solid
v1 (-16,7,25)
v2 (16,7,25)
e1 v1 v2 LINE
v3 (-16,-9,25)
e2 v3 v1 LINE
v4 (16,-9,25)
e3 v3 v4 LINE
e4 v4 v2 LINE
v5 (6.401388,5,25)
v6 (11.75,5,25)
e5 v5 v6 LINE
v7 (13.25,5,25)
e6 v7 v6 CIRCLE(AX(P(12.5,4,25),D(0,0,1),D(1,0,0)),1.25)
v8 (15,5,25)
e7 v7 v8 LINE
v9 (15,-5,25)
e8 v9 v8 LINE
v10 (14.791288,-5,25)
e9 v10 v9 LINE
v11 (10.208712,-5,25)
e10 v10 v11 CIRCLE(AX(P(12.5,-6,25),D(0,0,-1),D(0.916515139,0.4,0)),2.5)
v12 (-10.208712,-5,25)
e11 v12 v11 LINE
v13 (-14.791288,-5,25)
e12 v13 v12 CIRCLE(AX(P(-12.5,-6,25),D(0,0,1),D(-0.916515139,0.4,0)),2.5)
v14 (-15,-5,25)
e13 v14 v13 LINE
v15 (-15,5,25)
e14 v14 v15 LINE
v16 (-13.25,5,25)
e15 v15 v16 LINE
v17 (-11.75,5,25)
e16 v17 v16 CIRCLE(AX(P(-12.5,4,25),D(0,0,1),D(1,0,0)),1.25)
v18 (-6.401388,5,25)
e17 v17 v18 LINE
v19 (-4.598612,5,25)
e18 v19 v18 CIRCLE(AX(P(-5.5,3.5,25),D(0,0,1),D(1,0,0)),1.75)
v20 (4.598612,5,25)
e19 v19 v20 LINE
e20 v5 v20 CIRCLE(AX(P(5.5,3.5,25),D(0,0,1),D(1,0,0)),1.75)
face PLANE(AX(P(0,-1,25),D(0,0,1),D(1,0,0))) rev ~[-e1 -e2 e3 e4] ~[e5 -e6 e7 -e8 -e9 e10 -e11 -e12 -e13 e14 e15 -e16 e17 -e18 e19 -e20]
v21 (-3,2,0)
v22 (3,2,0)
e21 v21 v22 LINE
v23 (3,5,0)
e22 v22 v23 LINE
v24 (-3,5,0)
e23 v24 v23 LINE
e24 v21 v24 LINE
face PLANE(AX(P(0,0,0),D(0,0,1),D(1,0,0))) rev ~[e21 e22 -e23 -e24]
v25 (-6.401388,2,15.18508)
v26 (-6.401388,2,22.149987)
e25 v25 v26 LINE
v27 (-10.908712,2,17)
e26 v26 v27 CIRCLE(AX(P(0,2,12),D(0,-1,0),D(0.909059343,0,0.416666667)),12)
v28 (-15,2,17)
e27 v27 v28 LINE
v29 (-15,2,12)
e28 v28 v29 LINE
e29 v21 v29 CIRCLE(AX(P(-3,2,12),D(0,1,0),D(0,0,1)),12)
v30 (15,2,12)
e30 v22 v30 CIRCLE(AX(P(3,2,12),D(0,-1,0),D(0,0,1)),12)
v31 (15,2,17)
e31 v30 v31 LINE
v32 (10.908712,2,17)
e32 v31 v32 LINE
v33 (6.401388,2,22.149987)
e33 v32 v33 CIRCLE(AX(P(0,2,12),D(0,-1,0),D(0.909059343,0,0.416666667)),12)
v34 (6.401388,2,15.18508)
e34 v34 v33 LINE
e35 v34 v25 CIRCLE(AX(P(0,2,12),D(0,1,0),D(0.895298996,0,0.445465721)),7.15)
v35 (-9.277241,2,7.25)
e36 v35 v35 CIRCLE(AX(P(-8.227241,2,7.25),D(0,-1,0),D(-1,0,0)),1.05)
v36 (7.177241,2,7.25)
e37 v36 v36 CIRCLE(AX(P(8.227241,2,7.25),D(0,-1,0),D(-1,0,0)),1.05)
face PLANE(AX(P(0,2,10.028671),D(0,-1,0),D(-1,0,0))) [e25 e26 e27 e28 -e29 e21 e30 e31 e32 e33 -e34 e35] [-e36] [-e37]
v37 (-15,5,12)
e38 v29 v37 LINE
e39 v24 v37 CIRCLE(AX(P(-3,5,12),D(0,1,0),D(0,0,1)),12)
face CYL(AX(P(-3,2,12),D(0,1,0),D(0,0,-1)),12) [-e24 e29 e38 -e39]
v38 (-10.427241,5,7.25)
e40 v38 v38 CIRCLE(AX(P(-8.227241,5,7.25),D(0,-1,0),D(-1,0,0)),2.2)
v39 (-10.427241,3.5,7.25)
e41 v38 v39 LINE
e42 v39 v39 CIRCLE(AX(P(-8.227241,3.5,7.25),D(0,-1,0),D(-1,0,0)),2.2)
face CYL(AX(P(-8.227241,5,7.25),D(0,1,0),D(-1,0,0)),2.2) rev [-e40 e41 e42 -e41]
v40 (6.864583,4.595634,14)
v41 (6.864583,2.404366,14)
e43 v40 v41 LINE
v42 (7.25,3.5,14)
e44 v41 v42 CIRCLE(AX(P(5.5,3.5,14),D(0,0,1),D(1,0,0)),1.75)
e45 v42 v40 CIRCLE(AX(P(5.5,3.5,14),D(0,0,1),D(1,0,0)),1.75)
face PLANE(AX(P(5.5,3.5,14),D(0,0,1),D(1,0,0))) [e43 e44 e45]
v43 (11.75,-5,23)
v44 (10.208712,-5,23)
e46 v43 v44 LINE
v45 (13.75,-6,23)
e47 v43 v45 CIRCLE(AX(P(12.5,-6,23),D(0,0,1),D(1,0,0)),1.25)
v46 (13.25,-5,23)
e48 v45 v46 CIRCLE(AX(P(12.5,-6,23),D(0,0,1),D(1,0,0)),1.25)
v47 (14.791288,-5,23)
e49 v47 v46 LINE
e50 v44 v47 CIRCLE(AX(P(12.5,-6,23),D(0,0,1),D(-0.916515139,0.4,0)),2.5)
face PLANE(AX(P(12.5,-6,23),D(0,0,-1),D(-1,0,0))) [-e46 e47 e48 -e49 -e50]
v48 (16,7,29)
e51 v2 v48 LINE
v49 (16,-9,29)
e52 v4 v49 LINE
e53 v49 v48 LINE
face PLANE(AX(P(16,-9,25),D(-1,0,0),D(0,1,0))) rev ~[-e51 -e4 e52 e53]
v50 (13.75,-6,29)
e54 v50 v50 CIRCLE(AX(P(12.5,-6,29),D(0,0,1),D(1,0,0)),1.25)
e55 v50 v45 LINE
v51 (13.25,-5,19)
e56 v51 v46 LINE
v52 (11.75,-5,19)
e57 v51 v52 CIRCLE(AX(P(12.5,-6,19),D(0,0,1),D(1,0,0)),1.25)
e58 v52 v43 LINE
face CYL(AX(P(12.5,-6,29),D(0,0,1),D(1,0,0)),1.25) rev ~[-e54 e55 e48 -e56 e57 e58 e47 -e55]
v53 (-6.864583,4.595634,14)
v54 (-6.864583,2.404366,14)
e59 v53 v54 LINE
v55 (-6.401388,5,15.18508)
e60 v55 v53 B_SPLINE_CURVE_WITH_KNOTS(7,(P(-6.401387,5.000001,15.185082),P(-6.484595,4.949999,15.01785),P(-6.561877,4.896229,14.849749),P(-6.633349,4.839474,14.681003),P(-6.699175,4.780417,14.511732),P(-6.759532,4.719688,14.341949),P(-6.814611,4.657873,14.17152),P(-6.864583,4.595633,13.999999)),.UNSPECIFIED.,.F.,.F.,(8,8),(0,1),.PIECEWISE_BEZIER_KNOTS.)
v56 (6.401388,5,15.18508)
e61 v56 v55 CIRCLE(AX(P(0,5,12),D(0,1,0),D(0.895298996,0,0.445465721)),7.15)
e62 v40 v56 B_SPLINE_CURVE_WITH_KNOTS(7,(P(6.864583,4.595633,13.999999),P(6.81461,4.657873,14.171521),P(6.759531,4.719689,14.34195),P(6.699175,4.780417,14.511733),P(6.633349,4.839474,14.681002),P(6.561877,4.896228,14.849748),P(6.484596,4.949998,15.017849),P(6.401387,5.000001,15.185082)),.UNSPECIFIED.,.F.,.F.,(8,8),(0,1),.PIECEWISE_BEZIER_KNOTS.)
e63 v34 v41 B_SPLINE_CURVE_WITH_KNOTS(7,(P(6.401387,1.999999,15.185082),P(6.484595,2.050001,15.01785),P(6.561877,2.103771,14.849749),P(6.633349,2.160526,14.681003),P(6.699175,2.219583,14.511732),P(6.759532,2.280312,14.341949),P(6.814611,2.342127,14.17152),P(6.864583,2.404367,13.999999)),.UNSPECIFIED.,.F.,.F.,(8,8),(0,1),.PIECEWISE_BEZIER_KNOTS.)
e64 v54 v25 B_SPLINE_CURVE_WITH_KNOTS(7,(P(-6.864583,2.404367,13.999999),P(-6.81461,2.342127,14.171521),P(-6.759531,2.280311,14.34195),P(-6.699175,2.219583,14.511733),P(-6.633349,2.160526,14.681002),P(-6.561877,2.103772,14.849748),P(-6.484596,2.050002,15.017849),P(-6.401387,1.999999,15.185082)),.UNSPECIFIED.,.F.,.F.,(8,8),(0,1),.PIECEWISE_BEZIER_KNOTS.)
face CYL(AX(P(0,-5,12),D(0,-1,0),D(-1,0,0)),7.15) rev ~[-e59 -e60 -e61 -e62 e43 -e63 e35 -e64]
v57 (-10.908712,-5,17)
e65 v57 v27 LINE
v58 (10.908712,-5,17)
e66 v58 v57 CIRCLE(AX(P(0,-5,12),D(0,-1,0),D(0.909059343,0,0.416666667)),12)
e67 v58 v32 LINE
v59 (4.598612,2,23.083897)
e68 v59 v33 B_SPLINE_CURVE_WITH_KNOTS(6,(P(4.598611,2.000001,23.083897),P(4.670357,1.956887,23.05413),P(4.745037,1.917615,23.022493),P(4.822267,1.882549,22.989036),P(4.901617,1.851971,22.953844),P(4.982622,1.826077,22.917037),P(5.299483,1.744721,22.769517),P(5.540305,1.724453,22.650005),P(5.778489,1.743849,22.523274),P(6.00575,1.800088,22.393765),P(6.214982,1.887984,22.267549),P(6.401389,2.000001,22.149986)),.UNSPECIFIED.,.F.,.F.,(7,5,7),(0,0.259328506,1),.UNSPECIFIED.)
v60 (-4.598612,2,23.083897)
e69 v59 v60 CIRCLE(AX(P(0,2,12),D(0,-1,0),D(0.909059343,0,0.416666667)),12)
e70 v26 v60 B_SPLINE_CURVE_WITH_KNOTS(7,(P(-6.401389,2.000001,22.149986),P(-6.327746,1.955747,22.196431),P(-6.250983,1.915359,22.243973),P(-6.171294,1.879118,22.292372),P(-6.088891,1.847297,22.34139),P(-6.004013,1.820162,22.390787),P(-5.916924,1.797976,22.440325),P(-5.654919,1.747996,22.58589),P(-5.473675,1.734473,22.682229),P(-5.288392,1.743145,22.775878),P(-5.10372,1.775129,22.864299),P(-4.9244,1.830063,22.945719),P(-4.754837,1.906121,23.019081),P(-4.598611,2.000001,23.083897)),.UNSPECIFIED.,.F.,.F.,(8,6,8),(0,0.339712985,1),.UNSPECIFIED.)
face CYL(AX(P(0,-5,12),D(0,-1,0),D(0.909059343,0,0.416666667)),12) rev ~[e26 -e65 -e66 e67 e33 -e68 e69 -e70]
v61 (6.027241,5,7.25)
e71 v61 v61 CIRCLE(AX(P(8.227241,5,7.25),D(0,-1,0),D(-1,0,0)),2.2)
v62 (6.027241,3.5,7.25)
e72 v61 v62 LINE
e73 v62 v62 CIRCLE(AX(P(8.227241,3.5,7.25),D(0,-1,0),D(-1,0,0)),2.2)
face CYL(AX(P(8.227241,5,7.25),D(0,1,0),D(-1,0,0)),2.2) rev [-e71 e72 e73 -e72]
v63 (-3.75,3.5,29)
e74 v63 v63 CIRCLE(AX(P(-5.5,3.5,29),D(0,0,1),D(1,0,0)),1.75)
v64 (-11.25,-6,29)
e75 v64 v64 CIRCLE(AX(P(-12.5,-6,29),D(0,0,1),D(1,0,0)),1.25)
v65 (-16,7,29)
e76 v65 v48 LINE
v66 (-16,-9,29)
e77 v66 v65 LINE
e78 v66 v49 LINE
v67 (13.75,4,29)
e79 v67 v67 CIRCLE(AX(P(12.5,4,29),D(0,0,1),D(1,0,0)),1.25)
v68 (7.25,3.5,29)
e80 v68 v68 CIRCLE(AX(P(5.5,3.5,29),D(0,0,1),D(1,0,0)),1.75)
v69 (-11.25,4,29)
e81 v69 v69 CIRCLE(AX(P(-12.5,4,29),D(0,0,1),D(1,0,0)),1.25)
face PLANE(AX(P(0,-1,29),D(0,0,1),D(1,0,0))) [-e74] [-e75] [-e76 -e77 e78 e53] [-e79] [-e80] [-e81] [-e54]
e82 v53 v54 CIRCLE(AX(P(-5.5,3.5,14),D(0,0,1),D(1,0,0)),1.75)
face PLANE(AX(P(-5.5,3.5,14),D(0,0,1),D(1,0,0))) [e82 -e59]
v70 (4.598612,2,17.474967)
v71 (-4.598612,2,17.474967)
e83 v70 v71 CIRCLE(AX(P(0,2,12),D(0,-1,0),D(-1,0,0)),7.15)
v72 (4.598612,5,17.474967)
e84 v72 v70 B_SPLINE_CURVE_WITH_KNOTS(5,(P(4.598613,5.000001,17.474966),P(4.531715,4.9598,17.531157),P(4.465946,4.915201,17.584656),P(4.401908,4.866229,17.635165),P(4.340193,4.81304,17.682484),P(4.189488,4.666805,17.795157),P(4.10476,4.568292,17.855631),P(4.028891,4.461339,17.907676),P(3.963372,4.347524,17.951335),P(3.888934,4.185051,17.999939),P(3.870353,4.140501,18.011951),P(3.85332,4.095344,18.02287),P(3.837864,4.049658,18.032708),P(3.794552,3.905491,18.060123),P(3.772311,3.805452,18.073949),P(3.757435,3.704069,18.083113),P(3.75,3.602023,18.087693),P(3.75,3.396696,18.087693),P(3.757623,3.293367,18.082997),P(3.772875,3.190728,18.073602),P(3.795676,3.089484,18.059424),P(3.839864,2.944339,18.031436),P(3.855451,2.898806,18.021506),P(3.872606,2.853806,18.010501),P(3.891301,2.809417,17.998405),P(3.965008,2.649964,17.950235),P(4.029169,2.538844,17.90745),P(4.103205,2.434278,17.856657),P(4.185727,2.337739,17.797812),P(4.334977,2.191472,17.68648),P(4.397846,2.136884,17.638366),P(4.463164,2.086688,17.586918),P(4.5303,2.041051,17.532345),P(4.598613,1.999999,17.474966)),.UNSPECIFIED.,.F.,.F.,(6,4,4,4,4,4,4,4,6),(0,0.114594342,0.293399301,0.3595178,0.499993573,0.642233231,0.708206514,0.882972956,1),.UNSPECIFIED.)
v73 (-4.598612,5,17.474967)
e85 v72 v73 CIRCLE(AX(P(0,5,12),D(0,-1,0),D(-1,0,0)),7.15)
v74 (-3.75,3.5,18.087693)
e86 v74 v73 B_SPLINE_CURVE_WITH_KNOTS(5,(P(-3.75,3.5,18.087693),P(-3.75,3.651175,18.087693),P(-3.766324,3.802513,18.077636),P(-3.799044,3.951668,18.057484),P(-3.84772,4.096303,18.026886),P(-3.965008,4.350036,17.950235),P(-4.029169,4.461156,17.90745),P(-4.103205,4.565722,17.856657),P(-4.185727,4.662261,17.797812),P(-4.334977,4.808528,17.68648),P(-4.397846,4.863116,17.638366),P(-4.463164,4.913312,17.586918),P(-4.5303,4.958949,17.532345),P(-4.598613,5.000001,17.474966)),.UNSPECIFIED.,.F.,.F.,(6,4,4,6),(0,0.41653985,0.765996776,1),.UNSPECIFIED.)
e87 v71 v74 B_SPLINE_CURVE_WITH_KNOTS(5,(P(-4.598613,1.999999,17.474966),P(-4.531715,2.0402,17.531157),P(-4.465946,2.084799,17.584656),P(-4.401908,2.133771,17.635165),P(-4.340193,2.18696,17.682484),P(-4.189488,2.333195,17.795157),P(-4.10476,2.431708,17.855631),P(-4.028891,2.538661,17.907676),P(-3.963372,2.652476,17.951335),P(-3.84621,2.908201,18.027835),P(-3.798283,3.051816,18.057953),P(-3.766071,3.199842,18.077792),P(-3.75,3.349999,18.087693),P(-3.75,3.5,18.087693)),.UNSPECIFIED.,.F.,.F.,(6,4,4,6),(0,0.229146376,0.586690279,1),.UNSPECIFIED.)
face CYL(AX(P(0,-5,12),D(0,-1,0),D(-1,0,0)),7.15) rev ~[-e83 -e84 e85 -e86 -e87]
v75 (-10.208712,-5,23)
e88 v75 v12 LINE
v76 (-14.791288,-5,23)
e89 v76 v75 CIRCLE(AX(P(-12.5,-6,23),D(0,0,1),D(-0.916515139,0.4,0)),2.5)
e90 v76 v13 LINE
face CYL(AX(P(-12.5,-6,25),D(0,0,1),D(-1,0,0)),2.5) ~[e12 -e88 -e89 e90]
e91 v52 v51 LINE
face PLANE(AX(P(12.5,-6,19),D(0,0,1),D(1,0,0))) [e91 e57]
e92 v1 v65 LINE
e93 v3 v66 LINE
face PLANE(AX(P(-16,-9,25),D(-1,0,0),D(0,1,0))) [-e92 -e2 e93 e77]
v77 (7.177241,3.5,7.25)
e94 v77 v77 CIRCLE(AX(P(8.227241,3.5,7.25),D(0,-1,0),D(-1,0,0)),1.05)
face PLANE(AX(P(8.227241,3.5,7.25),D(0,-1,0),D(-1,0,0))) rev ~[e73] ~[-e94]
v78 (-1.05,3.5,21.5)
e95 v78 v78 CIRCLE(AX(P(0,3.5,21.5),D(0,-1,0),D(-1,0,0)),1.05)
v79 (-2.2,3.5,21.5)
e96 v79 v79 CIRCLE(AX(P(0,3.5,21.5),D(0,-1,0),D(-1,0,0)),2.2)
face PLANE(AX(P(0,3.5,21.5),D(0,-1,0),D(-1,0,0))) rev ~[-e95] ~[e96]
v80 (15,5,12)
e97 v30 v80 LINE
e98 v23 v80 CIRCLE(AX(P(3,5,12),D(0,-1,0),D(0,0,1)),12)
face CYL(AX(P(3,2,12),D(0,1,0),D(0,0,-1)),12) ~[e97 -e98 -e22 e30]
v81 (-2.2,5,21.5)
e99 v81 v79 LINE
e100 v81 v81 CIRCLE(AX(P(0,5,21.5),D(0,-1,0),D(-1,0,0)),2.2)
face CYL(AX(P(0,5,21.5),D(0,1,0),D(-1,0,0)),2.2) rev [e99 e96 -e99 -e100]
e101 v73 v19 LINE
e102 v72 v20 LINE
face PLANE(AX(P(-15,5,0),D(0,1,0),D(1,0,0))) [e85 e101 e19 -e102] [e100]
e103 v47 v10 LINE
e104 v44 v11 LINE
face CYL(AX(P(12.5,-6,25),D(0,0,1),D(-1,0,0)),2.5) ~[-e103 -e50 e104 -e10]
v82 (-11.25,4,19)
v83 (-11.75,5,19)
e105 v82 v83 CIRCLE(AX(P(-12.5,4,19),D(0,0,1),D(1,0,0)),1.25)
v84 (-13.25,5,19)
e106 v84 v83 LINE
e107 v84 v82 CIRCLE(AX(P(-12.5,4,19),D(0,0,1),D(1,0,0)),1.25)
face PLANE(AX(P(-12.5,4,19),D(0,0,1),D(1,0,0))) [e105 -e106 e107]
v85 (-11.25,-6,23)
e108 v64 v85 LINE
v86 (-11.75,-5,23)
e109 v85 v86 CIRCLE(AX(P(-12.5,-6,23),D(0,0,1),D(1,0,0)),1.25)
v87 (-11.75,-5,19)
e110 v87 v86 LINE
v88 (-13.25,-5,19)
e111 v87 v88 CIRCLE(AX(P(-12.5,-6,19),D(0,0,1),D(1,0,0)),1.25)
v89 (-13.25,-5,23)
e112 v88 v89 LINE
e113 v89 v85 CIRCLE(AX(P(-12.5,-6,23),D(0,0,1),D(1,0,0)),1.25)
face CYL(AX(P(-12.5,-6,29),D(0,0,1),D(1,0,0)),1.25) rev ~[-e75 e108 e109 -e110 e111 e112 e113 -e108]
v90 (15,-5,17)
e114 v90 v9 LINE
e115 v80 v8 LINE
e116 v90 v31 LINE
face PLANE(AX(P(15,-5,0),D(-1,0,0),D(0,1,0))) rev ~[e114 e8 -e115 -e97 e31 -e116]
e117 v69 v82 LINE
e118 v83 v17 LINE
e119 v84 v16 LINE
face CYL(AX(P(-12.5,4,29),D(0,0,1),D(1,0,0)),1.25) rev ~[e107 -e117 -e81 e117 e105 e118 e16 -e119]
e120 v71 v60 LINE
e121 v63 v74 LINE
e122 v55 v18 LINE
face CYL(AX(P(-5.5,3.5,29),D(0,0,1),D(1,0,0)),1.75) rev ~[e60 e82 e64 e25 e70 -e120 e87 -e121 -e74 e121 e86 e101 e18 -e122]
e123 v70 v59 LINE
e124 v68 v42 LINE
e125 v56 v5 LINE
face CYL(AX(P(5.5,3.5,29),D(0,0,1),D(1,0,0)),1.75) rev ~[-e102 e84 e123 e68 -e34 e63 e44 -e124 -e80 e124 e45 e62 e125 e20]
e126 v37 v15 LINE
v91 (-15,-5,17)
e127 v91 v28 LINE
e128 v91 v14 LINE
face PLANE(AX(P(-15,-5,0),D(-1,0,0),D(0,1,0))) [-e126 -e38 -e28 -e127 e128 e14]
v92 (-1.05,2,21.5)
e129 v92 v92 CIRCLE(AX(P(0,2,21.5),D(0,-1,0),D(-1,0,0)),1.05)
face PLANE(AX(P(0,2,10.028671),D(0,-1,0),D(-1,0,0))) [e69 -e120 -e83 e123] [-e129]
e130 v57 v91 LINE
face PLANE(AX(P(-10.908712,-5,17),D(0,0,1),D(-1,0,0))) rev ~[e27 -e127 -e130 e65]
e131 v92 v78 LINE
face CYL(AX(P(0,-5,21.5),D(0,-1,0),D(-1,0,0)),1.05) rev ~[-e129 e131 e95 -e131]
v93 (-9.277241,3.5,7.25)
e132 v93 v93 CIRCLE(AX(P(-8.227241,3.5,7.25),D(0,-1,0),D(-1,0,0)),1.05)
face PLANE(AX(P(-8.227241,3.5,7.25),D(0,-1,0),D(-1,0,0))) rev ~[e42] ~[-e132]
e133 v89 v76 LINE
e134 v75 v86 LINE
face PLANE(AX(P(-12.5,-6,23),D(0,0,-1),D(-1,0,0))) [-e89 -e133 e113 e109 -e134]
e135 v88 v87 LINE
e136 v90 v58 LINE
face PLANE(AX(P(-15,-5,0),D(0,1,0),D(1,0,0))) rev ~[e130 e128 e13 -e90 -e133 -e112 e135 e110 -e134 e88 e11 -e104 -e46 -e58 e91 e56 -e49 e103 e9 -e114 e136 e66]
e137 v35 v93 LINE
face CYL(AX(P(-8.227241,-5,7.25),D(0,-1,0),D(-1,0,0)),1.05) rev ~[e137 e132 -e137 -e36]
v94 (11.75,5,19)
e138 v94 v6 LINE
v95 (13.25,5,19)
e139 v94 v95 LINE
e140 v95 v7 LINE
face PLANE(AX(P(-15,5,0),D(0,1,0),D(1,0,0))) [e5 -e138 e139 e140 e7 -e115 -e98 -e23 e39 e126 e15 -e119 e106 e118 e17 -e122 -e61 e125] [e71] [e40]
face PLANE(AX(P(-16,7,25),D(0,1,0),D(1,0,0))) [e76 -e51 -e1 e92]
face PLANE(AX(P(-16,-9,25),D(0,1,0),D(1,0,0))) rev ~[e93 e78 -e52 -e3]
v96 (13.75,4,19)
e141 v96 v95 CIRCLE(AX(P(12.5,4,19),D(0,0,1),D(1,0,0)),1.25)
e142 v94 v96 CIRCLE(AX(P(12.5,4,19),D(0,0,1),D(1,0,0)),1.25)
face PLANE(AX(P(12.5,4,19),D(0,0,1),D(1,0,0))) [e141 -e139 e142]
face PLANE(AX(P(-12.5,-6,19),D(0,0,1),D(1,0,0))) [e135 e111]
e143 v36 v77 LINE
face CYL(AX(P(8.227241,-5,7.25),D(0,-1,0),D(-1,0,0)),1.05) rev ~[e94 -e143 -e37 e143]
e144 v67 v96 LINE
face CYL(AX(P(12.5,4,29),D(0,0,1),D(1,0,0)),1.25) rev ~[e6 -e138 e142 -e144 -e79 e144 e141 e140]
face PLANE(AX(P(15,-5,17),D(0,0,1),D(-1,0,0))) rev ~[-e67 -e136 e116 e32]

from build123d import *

# Parameters (mm, degrees)
SKETCH1_W                = 30
SKETCH1_H                = 10
MAIN_DEPTH               = 25
SKETCH5_R                = 1.05
SKETCH5_R_2              = 7.15
MAINANDFIXHOLE_DEPTH     = 11
SKETCH6_R                = 2.2
CODERFIXHOLE2_DEPTH      = 1.5
CODERHOLE2_DEPTH         = 7
SKETCH10_W               = 32
SKETCH10_H               = 16
LINK_DEPTH               = 4
SKETCH8_R                = 1.25
VERTICALHOLES_DEPTH      = 10
HOLELPATTERN1_COUNT      = 2
HOLELPATTERN1_PITCH      = 25
HOLELPATTERN1_COUNT_DIR2 = 2
HOLELPATTERN1_PITCH_DIR2 = 10
SKETCH13_R               = 2.5
LINKREINFORCEMENT_DEPTH  = 2
FILLET6_R                = 12
SKETCH14_R               = 1.25
FIXHOLE_DEPTH            = 10
SKETCH16_R               = 1.75
HEXAKEYACCESSHOLE_DEPTH  = 15


with BuildPart() as part:
    # Sketch1 → Main (new body)
    with BuildSketch(Plane.XY):
        Rectangle(SKETCH1_W, SKETCH1_H)
    extrude(amount=MAIN_DEPTH)

    # Sketch5 → MainAndFixHole (cut, through all)
    with BuildSketch(Plane(origin=(0, -5, 0), x_dir=(-1, 0, 0), z_dir=(0, -1, 0))):
        with Locations((0, -21.5)):
            Circle(SKETCH5_R)
        with Locations((-8.227241336, -7.25)):
            Circle(SKETCH5_R)
        with Locations((8.227241336, -7.25)):
            Circle(SKETCH5_R)
        with Locations((0, -12)):
            Circle(SKETCH5_R_2)
    extrude(amount=-MAINANDFIXHOLE_DEPTH, mode=Mode.SUBTRACT)

    # Sketch6 → CoderFixHole2 (cut)
    with BuildSketch(Plane(origin=(0, 5, 0), x_dir=(-1, 0, 0), z_dir=(0, -1, 0))):
        with Locations((0, -21.5)):
            Circle(SKETCH6_R)
        with Locations((-8.227241336, -7.25)):
            Circle(SKETCH6_R)
        with Locations((8.227241336, -7.25)):
            Circle(SKETCH6_R)
    extrude(amount=CODERFIXHOLE2_DEPTH, mode=Mode.SUBTRACT)

    # Sketch11 → CoderHole2 (cut)
    with BuildSketch(Plane(origin=(0, -5, 0), x_dir=(1, 0, 0), z_dir=(0, 1, 0))):
        with BuildLine():
            Line((-15, 0), (15, 0))
            Line((15, 0), (15, -17))
            Line((15, -17), (10.908712115, -17))
            ThreePointArc((10.908712115, -17), (0, -24), (-10.908712115, -17))
            Line((-10.908712115, -17), (-15, -17))
            Line((-15, -17), (-15, 0))
        make_face()
    extrude(amount=CODERHOLE2_DEPTH, mode=Mode.SUBTRACT)

    # Sketch10 → Link (add)
    with BuildSketch(Plane.XY.offset(25)):
        with Locations((0, -1)):
            Rectangle(SKETCH10_W, SKETCH10_H)
    extrude(amount=LINK_DEPTH)

    # Sketch8 → VerticalHoles (cut)
    with BuildSketch(Plane.XY.offset(29)):
        with Locations((12.5, 4)):
            Circle(SKETCH8_R)
    verticalholes = extrude(amount=-VERTICALHOLES_DEPTH, mode=Mode.SUBTRACT)

    # HoleLPattern1: VerticalHoles 2 × 2
    with Locations(*[(-i * HOLELPATTERN1_PITCH, -j * HOLELPATTERN1_PITCH_DIR2, 0) for i in range(HOLELPATTERN1_COUNT) for j in range(HOLELPATTERN1_COUNT_DIR2) if (i, j) != (0, 0)]):
        add(verticalholes, mode=Mode.SUBTRACT)

    # Sketch13 → LinkReinforcement (add)
    with BuildSketch(Plane(origin=(0, 0, 25), x_dir=(-1, 0, 0), z_dir=(0, 0, -1))):
        with Locations((-12.5, -6)):
            Circle(SKETCH13_R)
        with Locations((12.5, -6)):
            Circle(SKETCH13_R)
    extrude(amount=LINKREINFORCEMENT_DEPTH)

    # Fillet6
    fillet6_edges = [part.edges().sort_by_distance(p)[0] for p in [
        (-15, 3.5, 0),
        (15, 3.5, 0),
    ]]
    fillet(fillet6_edges, radius=FILLET6_R)

    # Sketch14 → FixHole (cut)
    with BuildSketch(Plane.XY.offset(29)):
        with Locations((-12.5, -6)):
            Circle(SKETCH14_R)
        with Locations((12.5, -6)):
            Circle(SKETCH14_R)
    extrude(amount=-FIXHOLE_DEPTH, mode=Mode.SUBTRACT)

    # Sketch16 → HexaKeyAccessHole (cut)
    with BuildSketch(Plane.XY.offset(29)):
        with Locations((-5.5, 3.5)):
            Circle(SKETCH16_R)
        with Locations((5.5, 3.5)):
            Circle(SKETCH16_R)
    extrude(amount=-HEXAKEYACCESSHOLE_DEPTH, mode=Mode.SUBTRACT)


solid = part.part
